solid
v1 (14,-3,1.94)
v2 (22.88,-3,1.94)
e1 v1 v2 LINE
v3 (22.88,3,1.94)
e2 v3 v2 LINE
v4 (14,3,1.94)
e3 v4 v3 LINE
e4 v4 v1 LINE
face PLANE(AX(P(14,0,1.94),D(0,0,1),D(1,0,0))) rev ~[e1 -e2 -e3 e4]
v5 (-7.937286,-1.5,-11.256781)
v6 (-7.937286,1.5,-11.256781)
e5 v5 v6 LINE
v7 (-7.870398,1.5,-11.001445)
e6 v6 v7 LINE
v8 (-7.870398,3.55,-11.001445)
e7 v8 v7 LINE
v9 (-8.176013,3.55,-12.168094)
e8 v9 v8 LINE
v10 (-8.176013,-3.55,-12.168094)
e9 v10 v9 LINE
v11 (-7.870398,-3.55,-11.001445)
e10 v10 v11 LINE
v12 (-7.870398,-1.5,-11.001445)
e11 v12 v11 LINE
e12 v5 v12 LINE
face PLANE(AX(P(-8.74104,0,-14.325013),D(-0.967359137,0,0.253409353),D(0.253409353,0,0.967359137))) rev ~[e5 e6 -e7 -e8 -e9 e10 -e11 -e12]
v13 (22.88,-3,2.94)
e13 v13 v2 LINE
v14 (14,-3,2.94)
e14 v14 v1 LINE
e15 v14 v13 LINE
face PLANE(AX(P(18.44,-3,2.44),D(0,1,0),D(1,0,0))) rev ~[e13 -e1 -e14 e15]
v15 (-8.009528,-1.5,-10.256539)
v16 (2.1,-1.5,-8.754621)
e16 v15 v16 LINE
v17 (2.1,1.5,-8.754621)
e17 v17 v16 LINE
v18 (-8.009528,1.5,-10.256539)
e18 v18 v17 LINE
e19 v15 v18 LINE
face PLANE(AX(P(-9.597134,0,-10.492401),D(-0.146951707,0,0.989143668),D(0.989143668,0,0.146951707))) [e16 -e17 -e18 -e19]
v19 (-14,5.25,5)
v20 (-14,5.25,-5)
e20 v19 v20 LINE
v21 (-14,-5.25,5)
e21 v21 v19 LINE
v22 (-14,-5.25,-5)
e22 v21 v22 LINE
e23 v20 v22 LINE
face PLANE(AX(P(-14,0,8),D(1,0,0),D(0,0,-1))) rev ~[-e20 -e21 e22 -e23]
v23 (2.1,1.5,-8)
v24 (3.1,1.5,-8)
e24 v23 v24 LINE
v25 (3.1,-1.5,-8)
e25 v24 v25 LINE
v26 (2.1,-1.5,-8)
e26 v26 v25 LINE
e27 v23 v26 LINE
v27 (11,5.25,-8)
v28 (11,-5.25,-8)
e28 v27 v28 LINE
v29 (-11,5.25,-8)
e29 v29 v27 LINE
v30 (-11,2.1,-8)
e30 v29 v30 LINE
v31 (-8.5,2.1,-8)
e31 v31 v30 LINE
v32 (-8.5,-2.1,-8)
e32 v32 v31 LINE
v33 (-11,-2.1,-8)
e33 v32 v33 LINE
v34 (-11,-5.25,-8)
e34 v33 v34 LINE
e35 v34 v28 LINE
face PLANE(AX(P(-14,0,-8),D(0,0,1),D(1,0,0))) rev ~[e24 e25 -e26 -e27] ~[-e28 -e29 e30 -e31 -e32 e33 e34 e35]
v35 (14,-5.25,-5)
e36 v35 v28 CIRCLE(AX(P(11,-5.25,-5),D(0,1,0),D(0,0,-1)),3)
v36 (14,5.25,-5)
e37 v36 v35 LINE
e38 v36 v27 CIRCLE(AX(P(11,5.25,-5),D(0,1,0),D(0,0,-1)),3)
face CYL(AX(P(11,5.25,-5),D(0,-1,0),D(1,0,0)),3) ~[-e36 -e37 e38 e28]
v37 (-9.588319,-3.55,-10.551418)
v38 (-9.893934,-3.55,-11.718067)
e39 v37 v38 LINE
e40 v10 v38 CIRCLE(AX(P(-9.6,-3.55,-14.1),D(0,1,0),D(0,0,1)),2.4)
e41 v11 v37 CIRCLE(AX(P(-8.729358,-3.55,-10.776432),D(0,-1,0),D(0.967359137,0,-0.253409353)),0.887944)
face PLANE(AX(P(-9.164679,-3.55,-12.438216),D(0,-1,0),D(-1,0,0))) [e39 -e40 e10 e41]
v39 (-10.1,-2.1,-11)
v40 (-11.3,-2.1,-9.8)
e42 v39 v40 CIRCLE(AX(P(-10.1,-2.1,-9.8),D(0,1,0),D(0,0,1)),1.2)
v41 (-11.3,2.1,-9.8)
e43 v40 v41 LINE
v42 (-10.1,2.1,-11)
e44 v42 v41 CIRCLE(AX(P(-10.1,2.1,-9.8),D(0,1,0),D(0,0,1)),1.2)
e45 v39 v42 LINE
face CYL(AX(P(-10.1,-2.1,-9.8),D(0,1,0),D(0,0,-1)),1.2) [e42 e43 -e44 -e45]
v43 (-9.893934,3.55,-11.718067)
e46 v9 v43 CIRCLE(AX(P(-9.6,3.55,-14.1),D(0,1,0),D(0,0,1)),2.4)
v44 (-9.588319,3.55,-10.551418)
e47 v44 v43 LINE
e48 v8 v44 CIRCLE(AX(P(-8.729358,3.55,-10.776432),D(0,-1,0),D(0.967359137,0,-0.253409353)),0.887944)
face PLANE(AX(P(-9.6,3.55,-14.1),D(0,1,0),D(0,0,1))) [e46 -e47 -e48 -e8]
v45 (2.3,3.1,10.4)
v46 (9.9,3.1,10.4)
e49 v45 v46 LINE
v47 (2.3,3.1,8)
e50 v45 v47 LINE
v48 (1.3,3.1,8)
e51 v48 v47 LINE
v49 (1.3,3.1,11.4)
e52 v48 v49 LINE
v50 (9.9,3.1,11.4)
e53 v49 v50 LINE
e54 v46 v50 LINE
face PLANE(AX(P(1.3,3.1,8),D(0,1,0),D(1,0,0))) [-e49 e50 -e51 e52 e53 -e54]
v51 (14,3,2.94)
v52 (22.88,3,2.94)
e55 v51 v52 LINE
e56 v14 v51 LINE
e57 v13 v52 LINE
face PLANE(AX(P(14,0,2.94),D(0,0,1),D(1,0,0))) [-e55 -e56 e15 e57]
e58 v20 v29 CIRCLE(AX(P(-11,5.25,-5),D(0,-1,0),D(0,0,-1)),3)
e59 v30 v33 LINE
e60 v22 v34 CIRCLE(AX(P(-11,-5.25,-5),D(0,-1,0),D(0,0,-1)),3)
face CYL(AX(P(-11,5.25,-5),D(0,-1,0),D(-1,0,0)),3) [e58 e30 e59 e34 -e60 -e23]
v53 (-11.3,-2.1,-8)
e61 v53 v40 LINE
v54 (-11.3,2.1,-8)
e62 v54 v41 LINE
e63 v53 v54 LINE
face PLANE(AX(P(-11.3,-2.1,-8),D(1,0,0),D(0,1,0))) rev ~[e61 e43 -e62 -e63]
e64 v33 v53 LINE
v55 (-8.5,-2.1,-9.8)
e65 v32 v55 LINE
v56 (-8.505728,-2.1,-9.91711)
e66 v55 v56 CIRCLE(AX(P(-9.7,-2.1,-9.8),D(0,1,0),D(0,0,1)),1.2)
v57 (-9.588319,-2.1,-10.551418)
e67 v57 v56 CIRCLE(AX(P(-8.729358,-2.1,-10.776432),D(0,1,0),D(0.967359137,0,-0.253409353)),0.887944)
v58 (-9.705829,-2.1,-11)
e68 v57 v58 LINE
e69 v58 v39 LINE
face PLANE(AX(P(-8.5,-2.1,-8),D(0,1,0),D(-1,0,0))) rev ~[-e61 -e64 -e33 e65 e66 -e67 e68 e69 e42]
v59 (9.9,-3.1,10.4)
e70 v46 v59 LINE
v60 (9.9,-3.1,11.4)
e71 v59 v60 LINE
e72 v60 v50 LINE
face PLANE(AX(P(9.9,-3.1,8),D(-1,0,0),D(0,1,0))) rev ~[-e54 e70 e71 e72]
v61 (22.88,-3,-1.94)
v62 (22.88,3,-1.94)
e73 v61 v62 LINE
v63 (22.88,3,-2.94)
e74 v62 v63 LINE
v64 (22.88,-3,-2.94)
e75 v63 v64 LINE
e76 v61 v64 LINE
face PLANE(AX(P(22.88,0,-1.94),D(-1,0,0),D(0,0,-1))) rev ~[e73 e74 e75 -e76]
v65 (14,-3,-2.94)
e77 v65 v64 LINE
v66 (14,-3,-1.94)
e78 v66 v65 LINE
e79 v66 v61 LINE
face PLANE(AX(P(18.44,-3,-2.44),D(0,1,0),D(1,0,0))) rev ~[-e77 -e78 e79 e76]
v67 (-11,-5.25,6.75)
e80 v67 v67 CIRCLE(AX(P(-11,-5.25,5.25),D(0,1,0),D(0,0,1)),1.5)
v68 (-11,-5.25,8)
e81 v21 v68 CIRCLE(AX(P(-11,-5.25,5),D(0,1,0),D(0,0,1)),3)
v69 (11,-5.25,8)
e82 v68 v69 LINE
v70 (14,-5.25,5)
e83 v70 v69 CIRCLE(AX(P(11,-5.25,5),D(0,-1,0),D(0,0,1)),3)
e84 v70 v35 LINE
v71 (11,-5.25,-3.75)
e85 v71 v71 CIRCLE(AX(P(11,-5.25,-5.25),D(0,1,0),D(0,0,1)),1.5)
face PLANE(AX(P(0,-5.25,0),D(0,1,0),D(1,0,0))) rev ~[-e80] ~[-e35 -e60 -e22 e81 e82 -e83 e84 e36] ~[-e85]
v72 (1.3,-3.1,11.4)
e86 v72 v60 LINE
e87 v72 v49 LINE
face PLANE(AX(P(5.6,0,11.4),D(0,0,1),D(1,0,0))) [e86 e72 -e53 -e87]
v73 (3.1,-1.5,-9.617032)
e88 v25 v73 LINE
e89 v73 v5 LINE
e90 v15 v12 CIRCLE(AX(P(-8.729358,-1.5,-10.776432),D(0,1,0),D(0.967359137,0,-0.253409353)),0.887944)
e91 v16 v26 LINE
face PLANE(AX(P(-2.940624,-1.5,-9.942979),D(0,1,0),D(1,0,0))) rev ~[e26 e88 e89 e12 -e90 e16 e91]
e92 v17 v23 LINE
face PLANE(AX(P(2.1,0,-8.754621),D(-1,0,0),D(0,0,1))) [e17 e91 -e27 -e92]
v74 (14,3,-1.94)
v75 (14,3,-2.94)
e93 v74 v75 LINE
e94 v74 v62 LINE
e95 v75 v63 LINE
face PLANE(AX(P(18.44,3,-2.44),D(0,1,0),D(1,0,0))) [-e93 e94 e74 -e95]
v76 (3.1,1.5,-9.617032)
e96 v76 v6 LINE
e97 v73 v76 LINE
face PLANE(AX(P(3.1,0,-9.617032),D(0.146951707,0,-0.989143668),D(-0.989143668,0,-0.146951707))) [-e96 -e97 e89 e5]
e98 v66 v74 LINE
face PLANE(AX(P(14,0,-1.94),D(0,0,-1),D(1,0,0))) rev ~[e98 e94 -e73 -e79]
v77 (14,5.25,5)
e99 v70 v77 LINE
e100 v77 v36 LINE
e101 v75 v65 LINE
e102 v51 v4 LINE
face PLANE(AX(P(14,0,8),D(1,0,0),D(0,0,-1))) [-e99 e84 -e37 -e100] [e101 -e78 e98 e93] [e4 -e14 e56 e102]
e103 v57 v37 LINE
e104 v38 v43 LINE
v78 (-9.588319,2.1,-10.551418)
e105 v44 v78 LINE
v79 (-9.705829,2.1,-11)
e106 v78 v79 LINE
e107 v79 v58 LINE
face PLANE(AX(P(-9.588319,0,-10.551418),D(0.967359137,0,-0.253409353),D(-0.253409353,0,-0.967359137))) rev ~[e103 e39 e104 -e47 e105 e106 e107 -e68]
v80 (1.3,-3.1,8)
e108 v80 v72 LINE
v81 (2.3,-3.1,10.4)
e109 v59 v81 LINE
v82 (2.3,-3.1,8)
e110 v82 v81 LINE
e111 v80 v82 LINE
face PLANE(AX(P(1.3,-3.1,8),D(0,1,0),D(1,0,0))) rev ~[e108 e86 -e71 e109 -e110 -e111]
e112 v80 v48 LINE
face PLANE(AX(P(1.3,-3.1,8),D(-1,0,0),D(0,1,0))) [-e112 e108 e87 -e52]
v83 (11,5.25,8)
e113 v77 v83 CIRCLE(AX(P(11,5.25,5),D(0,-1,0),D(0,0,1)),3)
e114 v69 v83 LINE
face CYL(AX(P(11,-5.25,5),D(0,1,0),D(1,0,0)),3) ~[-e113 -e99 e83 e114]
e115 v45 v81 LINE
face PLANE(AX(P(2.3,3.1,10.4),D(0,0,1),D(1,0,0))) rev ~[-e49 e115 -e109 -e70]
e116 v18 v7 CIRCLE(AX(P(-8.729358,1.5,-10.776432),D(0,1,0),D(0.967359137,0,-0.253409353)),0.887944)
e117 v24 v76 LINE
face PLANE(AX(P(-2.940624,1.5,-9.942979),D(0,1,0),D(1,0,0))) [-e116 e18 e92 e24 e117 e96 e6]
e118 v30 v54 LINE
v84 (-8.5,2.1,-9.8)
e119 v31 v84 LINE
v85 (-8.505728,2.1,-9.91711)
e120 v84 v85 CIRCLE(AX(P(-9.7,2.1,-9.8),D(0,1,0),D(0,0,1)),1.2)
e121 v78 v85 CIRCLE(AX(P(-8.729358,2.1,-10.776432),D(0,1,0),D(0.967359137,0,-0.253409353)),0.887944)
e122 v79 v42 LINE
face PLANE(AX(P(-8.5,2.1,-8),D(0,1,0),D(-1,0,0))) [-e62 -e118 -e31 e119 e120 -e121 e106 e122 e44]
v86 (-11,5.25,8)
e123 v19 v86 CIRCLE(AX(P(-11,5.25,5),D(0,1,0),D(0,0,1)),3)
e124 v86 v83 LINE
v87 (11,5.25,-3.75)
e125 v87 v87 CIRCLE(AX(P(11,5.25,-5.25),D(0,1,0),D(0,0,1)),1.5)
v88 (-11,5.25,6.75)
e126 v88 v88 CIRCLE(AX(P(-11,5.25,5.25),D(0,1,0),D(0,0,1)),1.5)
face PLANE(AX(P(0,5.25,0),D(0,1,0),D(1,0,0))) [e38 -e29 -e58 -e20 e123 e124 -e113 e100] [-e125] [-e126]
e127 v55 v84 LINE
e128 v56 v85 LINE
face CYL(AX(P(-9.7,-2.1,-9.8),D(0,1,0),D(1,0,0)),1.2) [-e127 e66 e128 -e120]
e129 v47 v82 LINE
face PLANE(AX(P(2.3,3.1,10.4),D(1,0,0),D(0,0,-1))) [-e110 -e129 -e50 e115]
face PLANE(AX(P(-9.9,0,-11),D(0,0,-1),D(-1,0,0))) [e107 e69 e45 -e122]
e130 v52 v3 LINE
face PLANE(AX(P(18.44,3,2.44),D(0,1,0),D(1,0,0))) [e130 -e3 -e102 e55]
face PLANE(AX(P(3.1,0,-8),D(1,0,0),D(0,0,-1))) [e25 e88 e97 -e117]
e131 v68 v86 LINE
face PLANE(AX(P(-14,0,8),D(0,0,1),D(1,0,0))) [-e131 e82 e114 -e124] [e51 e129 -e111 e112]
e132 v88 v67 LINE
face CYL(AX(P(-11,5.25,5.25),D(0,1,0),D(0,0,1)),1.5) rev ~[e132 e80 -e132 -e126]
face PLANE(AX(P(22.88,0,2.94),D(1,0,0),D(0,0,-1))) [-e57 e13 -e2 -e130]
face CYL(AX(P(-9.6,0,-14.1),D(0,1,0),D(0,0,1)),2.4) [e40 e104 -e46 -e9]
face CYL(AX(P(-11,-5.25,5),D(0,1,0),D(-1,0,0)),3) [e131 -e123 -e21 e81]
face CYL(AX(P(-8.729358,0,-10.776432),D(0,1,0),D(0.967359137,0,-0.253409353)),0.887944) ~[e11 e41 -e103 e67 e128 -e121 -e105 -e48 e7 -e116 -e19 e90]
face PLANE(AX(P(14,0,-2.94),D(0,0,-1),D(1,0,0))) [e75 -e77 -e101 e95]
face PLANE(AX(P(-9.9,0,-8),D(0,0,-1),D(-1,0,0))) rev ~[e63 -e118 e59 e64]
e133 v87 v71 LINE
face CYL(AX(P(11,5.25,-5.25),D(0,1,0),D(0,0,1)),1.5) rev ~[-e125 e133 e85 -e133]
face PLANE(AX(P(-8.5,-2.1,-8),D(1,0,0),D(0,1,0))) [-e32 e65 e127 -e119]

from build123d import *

# Parameters (mm, degrees)
SKETCH_1_W          = 28
SKETCH_1_H          = 16
EXTRUDE_1_DEPTH     = 5.25
FILLET_1_R          = 3
CUT_EXTRUDE_1_REACH = 21.242
SKETCH_2_R          = 1.5
SKETCH_3_W          = 8.6
SKETCH_3_H          = 6.2
EXTRUDE_2_DEPTH     = 3.4
CUT_EXTRUDE_2_REACH = 21.892
SKETCH_4_W          = 7.6
SKETCH_4_H          = 2.4
SKETCH_5_W          = 8.88
SKETCH_5_H          = 1
EXTRUDE_3_DEPTH     = 3
SKETCH_6_W          = 2.8
SKETCH_6_H          = 4.2
EXTRUDE_4_DEPTH     = 3
FILLET_2_R          = 1.2
EXTRUDE_2_2_DEPTH   = 1.5
SKETCH_7_3_R        = 2.4
EXTRUDE_5_DEPTH     = 3.55
EXTRUDE_6_DEPTH     = 3.55


with BuildPart() as part:
    # 草图1 → 凸台-拉伸1 (new, symmetric)
    with BuildSketch(Plane(origin=(0, 0, 0), x_dir=(1, 0, 0), z_dir=(0, 1, 0))):
        Rectangle(SKETCH_1_W, SKETCH_1_H)
    extrude(amount=EXTRUDE_1_DEPTH, both=True)

    # 圆角1
    fillet_1_edges = [part.edges().sort_by_distance(p)[0] for p in [
        (14, 0, 8),
        (-14, 0, -8),
        (14, 0, -8),
        (-14, 0, 8),
    ]]
    fillet(fillet_1_edges, radius=FILLET_1_R)

    # 草图2 → 切除-拉伸1 (cut, up to next)
    with BuildSketch(Plane(origin=(0, 5.25, 0), x_dir=(1, 0, 0), z_dir=(0, 1, 0)), mode=Mode.PRIVATE) as cut_extrude_1_sk1:
        with Locations((11, 5.25)):
            Circle(SKETCH_2_R)
    cut_extrude_1_tool1 = extrude(cut_extrude_1_sk1.sketch, amount=-CUT_EXTRUDE_1_REACH, mode=Mode.PRIVATE) & part.part
    # 草图2 → 切除-拉伸1 (cut, up to next)
    with BuildSketch(Plane(origin=(0, 5.25, 0), x_dir=(1, 0, 0), z_dir=(0, 1, 0)), mode=Mode.PRIVATE) as cut_extrude_1_sk2:
        with Locations((-11, -5.25)):
            Circle(SKETCH_2_R)
    cut_extrude_1_tool2 = extrude(cut_extrude_1_sk2.sketch, amount=-CUT_EXTRUDE_1_REACH, mode=Mode.PRIVATE) & part.part
    add(cut_extrude_1_tool1.solids().sort_by_distance((11, 5.25, -5.25))[0], mode=Mode.SUBTRACT)
    add(cut_extrude_1_tool2.solids().sort_by_distance((-11, 5.25, 5.25))[0], mode=Mode.SUBTRACT)

    # 草图3 → Extrude 2 (add)
    with BuildSketch(Plane.XY.offset(8)):
        with Locations((5.6, 0)):
            Rectangle(SKETCH_3_W, SKETCH_3_H)
    extrude(amount=EXTRUDE_2_DEPTH)

    # 草图4 → 切除-拉伸2 (cut, up to next)
    with BuildSketch(Plane(origin=(0, 3.1, 0), x_dir=(1, 0, 0), z_dir=(0, 1, 0)), mode=Mode.PRIVATE) as cut_extrude_2_sk1:
        with Locations((6.1, -9.2)):
            Rectangle(SKETCH_4_W, SKETCH_4_H)
    cut_extrude_2_tool1 = extrude(cut_extrude_2_sk1.sketch, amount=-CUT_EXTRUDE_2_REACH, mode=Mode.PRIVATE) & part.part
    add(cut_extrude_2_tool1.solids().sort_by_distance((6.1, 3.1, 9.2))[0], mode=Mode.SUBTRACT)

    # 草图5 → 凸台-拉伸3 (add, symmetric)
    with BuildSketch(Plane(origin=(0, 0, 0), x_dir=(1, 0, 0), z_dir=(0, 1, 0))):
        with Locations((18.44, 2.44)):
            Rectangle(SKETCH_5_W, SKETCH_5_H)
        with Locations((18.44, -2.44)):
            Rectangle(SKETCH_5_W, SKETCH_5_H)
    extrude(amount=EXTRUDE_3_DEPTH, both=True)

    # 草图6 → 凸台-拉伸4 (add)
    with BuildSketch(Plane(origin=(0, 0, -8), x_dir=(-1, 0, 0), z_dir=(0, 0, -1))):
        with Locations((9.9, 0)):
            Rectangle(SKETCH_6_W, SKETCH_6_H)
    extrude(amount=EXTRUDE_4_DEPTH)

    # 圆角2
    fillet_2_edges = [part.edges().sort_by_distance(p)[0] for p in [
        (-11.3, 0, -11),
        (-8.5, 0, -11),
    ]]
    fillet(fillet_2_edges, radius=FILLET_2_R)

    # 草图7 → Extrude 2 2 (add, symmetric)
    with BuildSketch(Plane(origin=(0, 0, 0), x_dir=(1, 0, 0), z_dir=(0, 1, 0))):
        Polygon((3.1, 8), (3.1, 9.617031783), (-9.450182098, 11.481544235), (-9.597133805, 10.492400568), (2.1, 8.754620871), (2.1, 8), align=None)
    extrude(amount=EXTRUDE_2_2_DEPTH, both=True)



with BuildPart() as body_2:
    # 草图7<3> → 凸台-拉伸5 (new, symmetric)
    with BuildSketch(Plane(origin=(0, 0, 0), x_dir=(1, 0, 0), z_dir=(0, 1, 0))):
        with Locations((-9.6, 14.1)):
            Circle(SKETCH_7_3_R)
    extrude(amount=EXTRUDE_5_DEPTH, both=True)


with BuildPart() as part_1:
    add(part.part)

    add(body_2.part)  # 凸台-拉伸6 merges body 2
    # 草图8 → 凸台-拉伸6 (add, symmetric)
    with BuildSketch(Plane(origin=(0, 0, 0), x_dir=(1, 0, 0), z_dir=(0, 1, 0))):
        with BuildLine():
            Line((-8.741039597, 14.325013226), (-7.870397769, 11.001444789))
            ThreePointArc((-7.870397769, 11.001444789), (-8.504344946, 9.917471161), (-9.588318574, 10.551418337))
            Line((-9.588318574, 10.551418337), (-10.458960403, 13.874986774))
            ThreePointArc((-10.458960403, 13.874986774), (-9.825013226, 14.958960403), (-8.741039597, 14.325013226))
        make_face()
    extrude(amount=EXTRUDE_6_DEPTH, both=True)


solid = part_1.part
